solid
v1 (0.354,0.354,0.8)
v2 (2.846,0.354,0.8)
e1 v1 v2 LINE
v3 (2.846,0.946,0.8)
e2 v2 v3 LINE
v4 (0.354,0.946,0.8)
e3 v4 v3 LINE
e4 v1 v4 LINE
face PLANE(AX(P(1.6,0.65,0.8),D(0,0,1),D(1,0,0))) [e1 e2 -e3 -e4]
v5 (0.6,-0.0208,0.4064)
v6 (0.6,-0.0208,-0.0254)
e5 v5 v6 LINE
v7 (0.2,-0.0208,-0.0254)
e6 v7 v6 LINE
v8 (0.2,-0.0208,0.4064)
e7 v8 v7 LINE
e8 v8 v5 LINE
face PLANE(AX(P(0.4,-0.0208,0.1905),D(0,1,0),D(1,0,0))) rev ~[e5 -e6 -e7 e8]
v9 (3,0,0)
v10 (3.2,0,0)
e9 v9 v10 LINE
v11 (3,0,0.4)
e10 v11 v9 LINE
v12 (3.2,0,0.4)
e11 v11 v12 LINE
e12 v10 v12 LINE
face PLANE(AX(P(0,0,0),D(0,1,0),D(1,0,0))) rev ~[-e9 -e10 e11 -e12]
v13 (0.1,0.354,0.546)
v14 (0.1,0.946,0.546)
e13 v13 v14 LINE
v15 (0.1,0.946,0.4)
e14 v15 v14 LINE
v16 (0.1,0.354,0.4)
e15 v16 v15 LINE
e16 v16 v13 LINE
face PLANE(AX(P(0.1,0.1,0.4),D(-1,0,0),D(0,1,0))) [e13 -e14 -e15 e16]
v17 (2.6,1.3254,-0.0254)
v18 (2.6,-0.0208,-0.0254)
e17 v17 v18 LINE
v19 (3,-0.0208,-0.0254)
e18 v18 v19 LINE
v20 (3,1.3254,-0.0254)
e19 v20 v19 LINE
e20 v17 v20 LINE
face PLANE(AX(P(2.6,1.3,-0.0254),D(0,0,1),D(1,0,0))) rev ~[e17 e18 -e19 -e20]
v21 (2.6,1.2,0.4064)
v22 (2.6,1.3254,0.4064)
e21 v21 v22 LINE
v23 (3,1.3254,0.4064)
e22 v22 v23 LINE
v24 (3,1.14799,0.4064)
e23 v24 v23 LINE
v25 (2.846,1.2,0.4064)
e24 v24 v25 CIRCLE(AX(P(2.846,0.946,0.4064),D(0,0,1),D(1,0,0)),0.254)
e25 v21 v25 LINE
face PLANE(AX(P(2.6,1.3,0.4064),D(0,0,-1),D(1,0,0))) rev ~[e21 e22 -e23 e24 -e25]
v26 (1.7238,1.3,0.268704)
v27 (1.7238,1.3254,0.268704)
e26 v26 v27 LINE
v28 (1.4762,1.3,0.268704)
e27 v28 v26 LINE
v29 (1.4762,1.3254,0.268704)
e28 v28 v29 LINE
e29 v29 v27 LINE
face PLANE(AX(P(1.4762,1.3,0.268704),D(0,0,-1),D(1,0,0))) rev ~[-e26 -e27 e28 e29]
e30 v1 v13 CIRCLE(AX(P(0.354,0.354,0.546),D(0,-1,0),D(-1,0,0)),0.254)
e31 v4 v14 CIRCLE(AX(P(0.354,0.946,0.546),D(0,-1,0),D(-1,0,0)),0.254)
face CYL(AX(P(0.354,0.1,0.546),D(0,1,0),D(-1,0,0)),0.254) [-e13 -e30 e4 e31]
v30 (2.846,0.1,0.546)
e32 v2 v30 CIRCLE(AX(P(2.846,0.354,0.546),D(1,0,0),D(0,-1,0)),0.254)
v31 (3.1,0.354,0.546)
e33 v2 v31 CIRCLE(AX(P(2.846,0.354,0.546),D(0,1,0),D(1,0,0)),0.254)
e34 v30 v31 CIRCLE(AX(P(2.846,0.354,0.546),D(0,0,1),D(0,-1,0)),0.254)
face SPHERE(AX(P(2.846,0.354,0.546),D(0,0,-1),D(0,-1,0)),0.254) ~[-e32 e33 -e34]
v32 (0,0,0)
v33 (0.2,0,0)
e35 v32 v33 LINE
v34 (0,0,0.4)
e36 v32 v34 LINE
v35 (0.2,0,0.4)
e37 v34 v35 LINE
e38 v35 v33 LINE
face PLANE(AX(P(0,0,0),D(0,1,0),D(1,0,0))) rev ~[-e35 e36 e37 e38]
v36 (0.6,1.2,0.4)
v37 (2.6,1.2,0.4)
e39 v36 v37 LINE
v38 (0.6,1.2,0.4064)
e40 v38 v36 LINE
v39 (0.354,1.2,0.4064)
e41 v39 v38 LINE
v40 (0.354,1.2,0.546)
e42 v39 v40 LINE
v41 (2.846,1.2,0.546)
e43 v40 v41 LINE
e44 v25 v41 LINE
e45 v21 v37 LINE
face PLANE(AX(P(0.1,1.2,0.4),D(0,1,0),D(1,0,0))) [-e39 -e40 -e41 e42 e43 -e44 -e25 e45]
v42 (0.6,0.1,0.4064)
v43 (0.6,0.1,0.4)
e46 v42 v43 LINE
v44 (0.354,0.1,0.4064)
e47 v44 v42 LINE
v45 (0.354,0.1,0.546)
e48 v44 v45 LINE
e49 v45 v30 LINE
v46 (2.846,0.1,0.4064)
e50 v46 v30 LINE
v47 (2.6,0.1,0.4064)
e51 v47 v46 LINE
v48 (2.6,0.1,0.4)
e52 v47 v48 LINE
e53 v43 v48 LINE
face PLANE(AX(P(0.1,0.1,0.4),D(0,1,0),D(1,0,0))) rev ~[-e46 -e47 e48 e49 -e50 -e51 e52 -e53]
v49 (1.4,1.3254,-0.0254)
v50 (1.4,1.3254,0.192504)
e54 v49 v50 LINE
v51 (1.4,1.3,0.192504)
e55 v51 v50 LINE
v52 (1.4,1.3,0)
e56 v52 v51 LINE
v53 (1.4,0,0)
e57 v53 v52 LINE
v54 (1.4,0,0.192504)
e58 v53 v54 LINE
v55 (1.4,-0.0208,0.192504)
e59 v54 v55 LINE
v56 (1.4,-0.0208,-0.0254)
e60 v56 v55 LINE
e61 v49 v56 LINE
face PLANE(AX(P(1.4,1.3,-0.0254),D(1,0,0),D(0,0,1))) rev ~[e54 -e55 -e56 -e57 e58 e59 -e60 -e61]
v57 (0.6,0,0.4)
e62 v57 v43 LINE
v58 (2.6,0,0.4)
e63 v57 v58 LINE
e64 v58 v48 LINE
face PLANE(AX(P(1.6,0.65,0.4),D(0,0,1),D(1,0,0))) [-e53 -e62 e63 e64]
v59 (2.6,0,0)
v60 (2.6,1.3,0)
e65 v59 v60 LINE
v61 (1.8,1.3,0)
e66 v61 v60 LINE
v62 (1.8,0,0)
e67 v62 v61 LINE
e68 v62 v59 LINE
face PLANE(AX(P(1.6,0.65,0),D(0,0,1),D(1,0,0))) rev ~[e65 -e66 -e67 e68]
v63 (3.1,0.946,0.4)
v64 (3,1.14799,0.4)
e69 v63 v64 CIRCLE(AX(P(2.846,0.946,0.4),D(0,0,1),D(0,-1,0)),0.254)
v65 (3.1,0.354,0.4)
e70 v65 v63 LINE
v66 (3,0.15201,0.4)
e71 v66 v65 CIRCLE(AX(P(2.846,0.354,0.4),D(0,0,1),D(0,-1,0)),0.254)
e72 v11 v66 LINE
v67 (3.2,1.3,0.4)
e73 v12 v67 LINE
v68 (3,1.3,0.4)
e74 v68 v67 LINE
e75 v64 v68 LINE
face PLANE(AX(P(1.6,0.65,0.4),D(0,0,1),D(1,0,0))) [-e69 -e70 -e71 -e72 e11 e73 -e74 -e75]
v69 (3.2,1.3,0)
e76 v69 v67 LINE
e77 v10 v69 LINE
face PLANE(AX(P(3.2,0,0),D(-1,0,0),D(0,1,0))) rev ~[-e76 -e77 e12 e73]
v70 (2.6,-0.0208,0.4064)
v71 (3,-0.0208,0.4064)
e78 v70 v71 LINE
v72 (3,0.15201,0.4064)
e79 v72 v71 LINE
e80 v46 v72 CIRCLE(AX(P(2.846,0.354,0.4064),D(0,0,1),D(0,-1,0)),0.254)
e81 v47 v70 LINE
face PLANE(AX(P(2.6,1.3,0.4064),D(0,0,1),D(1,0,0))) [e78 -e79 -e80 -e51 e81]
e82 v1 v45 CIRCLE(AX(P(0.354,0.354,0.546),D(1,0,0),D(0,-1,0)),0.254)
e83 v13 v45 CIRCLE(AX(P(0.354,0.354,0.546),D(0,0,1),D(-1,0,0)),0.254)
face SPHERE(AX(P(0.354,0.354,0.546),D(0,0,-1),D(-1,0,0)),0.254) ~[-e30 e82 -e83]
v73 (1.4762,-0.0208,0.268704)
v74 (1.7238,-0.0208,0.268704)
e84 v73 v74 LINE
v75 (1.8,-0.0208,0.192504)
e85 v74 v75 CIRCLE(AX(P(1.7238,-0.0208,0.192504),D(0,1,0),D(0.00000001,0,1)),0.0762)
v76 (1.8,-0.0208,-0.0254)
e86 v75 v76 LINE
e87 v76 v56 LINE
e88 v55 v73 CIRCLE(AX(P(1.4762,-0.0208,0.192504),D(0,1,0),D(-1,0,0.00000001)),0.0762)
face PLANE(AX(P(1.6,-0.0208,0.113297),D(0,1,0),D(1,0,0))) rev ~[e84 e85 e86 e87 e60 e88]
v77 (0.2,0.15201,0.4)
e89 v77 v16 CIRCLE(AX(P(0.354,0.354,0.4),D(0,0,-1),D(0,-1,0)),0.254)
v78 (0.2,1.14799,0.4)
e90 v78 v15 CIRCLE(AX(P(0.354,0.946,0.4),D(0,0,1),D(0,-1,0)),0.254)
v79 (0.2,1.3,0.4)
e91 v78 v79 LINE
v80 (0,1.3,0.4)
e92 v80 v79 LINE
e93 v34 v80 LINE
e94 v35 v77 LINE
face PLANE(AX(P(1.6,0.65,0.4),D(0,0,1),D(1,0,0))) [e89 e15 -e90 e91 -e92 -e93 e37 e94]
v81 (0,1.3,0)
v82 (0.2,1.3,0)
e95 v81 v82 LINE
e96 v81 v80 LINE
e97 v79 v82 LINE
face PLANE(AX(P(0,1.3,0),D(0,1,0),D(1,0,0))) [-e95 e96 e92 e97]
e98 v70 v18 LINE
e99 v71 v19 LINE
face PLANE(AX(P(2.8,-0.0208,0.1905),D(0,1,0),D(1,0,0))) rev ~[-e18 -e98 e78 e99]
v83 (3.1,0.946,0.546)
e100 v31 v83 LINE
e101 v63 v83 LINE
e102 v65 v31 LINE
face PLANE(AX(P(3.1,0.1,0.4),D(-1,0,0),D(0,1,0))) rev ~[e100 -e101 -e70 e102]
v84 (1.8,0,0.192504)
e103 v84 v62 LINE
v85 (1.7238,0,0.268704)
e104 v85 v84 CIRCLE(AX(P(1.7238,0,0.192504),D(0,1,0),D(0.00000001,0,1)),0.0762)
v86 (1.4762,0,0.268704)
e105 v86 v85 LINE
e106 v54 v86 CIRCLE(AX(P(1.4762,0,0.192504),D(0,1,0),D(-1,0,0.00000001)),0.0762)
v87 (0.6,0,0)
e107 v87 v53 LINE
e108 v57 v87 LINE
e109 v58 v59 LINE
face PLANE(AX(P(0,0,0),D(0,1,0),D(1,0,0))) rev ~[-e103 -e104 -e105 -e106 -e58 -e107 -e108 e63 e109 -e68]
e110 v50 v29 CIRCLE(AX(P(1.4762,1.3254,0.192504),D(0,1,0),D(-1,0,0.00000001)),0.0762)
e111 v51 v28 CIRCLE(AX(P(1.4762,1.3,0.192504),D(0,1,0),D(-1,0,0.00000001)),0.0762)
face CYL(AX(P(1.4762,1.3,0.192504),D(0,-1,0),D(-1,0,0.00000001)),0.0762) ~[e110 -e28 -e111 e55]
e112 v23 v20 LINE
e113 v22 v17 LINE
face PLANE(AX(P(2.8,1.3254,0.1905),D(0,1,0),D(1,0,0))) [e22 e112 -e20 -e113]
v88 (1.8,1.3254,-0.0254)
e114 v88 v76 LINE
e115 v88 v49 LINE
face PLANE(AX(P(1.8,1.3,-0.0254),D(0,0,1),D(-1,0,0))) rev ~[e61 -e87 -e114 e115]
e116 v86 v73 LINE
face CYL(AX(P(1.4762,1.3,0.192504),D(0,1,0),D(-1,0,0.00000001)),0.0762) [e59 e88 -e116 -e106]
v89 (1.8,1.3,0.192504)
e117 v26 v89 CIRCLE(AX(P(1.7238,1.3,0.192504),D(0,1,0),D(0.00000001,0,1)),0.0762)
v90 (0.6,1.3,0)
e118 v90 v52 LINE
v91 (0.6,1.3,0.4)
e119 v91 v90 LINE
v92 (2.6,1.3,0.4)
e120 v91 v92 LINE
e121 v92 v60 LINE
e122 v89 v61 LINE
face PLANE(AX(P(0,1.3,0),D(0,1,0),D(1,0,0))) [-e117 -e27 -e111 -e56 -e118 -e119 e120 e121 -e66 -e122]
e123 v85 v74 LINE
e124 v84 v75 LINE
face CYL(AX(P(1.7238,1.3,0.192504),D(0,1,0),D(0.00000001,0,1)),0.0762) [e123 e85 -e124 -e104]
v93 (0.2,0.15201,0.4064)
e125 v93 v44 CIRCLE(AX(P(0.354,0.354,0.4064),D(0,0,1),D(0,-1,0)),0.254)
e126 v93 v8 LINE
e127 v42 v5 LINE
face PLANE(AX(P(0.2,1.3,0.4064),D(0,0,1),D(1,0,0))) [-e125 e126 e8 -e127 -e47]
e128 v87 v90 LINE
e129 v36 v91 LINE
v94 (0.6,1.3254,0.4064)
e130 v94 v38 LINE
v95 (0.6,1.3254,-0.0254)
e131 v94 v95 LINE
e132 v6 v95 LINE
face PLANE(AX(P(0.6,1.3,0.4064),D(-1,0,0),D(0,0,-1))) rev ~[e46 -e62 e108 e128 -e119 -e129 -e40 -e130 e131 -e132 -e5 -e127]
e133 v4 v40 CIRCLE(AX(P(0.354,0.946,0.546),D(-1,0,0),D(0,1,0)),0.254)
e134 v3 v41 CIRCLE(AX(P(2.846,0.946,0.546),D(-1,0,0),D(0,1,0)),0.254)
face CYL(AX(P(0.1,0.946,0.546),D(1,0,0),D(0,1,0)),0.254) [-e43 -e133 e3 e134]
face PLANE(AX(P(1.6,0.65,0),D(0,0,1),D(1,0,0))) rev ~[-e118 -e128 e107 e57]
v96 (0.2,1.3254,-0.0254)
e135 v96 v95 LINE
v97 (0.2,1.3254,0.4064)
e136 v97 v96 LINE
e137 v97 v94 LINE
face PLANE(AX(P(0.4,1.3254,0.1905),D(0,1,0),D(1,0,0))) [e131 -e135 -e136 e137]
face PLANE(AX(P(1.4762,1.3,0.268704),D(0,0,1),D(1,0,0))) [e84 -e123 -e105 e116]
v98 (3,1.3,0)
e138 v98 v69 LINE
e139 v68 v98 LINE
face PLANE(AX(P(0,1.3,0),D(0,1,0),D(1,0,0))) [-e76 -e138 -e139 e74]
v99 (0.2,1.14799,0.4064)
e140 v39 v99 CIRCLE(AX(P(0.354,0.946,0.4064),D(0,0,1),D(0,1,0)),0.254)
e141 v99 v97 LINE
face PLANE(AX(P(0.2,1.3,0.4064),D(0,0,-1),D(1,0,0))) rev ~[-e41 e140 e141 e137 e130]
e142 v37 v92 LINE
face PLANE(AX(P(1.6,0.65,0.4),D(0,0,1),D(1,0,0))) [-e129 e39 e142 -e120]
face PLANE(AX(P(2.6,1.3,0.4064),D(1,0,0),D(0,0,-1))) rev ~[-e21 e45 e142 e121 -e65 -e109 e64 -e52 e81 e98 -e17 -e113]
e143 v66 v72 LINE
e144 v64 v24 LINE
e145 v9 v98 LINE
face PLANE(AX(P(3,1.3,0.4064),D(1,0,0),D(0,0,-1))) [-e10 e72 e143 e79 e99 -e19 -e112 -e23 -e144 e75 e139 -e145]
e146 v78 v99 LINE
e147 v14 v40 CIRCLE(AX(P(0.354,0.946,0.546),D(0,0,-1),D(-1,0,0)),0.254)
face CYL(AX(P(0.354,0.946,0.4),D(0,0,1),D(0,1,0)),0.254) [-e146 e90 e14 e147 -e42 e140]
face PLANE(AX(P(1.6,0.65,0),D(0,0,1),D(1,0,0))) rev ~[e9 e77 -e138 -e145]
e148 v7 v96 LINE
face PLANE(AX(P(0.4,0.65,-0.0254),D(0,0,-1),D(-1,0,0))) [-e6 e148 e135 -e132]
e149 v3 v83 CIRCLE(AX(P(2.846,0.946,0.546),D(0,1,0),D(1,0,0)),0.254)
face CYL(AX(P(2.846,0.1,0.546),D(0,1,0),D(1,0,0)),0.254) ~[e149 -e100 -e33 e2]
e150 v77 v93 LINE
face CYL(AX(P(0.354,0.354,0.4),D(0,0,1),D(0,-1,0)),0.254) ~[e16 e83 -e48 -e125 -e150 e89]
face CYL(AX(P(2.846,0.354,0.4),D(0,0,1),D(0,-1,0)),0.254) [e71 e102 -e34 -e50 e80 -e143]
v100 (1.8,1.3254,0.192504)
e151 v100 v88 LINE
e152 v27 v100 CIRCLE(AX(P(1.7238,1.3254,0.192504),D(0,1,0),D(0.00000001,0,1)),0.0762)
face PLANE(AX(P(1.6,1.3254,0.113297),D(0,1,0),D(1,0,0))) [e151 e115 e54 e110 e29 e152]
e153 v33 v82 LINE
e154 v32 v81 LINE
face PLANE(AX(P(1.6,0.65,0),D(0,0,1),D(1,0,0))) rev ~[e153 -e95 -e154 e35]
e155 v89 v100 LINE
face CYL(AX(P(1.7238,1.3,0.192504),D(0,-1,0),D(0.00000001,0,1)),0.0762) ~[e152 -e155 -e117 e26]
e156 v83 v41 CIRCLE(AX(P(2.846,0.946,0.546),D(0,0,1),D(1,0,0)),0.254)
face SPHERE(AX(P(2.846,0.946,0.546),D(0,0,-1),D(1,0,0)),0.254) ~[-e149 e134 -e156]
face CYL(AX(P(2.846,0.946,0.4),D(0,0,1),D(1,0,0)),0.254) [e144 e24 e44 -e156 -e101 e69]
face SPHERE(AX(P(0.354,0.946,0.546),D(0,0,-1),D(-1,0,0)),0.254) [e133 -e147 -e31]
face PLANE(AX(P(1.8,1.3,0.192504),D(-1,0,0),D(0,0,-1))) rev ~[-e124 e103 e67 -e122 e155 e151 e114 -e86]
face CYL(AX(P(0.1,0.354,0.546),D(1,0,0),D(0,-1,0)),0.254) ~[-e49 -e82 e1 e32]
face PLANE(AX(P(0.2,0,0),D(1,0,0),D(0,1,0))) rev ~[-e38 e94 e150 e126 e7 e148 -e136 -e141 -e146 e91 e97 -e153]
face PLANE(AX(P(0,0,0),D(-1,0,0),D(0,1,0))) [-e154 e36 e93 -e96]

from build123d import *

# Parameters (mm, degrees)
SKETCH1_W                = 3.2
SKETCH1_H                = 1.3
BOSS_EXTRUDE1_DEPTH      = 0.4
SKETCH2_W                = 3
SKETCH2_H                = 1.1
BOSS_EXTRUDE2_DEPTH      = 0.4
FILLET1_R                = 0.254
SKETCH3_W                = 0.4
SKETCH3_H                = 1.3
BOSS_EXTRUDE3_DEPTH      = 0.0254
SKETCH4_W                = 0.4
SKETCH4_H                = 0.4318
BOSS_EXTRUDE4_DEPTH      = 0.0254
BOSS_EXTRUDE4_DEPTH_BACK = 1.3208


with BuildPart() as part:
    # Sketch1 → Boss-Extrude1 (new body)
    with BuildSketch(Plane.XY):
        with Locations((1.6, 0.65)):
            Rectangle(SKETCH1_W, SKETCH1_H)
    extrude(amount=BOSS_EXTRUDE1_DEPTH)

    # Sketch2 → Boss-Extrude2 (add)
    with BuildSketch(Plane.XY.offset(0.4)):
        with Locations((1.6, 0.65)):
            Rectangle(SKETCH2_W, SKETCH2_H)
    extrude(amount=BOSS_EXTRUDE2_DEPTH)

    # Fillet1
    fillet1_edges = [part.edges().sort_by_distance(p)[0] for p in [
        (0.1, 1.2, 0.6),
        (0.1, 0.1, 0.6),
        (3.1, 0.1, 0.6),
        (3.1, 1.2, 0.6),
        (0.1, 0.65, 0.8),
        (1.6, 0.1, 0.8),
        (3.1, 0.65, 0.8),
        (1.6, 1.2, 0.8),
    ]]
    fillet(fillet1_edges, radius=FILLET1_R)

    # Sketch3 → Boss-Extrude3 (add)
    with BuildSketch(Plane(origin=(0, 0, 0), x_dir=(-1, 0, 0), z_dir=(0, 0, -1))):
        with Locations((-0.4, 0.65)):
            Rectangle(SKETCH3_W, SKETCH3_H)
        with Locations((-2.8, 0.65)):
            Rectangle(SKETCH3_W, SKETCH3_H)
        with Locations((-1.6, 0.65)):
            Rectangle(SKETCH3_W, SKETCH3_H)
    extrude(amount=BOSS_EXTRUDE3_DEPTH)

    # Sketch4 → Boss-Extrude4 (add, two sides)
    with BuildSketch(Plane(origin=(0, 1.3, 0), x_dir=(1, 0, 0), z_dir=(0, 1, 0))) as boss_extrude4_sk:
        with BuildLine():
            Line((1.4, 0.0254), (1.4, -0.192503839))
            ThreePointArc((1.4, -0.192503839), (1.422318463, -0.246385375), (1.4762, -0.268703839))
            Line((1.4762, -0.268703839), (1.7238, -0.268703839))
            ThreePointArc((1.7238, -0.268703839), (1.777681537, -0.246385375), (1.8, -0.192503839))
            Line((1.8, -0.192503839), (1.8, 0.0254))
            Line((1.8, 0.0254), (1.4, 0.0254))
        make_face()
        with Locations((0.4, -0.1905)):
            Rectangle(SKETCH4_W, SKETCH4_H)
        with Locations((2.8, -0.1905)):
            Rectangle(SKETCH4_W, SKETCH4_H)
    extrude(amount=BOSS_EXTRUDE4_DEPTH)
    extrude(boss_extrude4_sk.sketch, amount=-BOSS_EXTRUDE4_DEPTH_BACK)


solid = part.part
